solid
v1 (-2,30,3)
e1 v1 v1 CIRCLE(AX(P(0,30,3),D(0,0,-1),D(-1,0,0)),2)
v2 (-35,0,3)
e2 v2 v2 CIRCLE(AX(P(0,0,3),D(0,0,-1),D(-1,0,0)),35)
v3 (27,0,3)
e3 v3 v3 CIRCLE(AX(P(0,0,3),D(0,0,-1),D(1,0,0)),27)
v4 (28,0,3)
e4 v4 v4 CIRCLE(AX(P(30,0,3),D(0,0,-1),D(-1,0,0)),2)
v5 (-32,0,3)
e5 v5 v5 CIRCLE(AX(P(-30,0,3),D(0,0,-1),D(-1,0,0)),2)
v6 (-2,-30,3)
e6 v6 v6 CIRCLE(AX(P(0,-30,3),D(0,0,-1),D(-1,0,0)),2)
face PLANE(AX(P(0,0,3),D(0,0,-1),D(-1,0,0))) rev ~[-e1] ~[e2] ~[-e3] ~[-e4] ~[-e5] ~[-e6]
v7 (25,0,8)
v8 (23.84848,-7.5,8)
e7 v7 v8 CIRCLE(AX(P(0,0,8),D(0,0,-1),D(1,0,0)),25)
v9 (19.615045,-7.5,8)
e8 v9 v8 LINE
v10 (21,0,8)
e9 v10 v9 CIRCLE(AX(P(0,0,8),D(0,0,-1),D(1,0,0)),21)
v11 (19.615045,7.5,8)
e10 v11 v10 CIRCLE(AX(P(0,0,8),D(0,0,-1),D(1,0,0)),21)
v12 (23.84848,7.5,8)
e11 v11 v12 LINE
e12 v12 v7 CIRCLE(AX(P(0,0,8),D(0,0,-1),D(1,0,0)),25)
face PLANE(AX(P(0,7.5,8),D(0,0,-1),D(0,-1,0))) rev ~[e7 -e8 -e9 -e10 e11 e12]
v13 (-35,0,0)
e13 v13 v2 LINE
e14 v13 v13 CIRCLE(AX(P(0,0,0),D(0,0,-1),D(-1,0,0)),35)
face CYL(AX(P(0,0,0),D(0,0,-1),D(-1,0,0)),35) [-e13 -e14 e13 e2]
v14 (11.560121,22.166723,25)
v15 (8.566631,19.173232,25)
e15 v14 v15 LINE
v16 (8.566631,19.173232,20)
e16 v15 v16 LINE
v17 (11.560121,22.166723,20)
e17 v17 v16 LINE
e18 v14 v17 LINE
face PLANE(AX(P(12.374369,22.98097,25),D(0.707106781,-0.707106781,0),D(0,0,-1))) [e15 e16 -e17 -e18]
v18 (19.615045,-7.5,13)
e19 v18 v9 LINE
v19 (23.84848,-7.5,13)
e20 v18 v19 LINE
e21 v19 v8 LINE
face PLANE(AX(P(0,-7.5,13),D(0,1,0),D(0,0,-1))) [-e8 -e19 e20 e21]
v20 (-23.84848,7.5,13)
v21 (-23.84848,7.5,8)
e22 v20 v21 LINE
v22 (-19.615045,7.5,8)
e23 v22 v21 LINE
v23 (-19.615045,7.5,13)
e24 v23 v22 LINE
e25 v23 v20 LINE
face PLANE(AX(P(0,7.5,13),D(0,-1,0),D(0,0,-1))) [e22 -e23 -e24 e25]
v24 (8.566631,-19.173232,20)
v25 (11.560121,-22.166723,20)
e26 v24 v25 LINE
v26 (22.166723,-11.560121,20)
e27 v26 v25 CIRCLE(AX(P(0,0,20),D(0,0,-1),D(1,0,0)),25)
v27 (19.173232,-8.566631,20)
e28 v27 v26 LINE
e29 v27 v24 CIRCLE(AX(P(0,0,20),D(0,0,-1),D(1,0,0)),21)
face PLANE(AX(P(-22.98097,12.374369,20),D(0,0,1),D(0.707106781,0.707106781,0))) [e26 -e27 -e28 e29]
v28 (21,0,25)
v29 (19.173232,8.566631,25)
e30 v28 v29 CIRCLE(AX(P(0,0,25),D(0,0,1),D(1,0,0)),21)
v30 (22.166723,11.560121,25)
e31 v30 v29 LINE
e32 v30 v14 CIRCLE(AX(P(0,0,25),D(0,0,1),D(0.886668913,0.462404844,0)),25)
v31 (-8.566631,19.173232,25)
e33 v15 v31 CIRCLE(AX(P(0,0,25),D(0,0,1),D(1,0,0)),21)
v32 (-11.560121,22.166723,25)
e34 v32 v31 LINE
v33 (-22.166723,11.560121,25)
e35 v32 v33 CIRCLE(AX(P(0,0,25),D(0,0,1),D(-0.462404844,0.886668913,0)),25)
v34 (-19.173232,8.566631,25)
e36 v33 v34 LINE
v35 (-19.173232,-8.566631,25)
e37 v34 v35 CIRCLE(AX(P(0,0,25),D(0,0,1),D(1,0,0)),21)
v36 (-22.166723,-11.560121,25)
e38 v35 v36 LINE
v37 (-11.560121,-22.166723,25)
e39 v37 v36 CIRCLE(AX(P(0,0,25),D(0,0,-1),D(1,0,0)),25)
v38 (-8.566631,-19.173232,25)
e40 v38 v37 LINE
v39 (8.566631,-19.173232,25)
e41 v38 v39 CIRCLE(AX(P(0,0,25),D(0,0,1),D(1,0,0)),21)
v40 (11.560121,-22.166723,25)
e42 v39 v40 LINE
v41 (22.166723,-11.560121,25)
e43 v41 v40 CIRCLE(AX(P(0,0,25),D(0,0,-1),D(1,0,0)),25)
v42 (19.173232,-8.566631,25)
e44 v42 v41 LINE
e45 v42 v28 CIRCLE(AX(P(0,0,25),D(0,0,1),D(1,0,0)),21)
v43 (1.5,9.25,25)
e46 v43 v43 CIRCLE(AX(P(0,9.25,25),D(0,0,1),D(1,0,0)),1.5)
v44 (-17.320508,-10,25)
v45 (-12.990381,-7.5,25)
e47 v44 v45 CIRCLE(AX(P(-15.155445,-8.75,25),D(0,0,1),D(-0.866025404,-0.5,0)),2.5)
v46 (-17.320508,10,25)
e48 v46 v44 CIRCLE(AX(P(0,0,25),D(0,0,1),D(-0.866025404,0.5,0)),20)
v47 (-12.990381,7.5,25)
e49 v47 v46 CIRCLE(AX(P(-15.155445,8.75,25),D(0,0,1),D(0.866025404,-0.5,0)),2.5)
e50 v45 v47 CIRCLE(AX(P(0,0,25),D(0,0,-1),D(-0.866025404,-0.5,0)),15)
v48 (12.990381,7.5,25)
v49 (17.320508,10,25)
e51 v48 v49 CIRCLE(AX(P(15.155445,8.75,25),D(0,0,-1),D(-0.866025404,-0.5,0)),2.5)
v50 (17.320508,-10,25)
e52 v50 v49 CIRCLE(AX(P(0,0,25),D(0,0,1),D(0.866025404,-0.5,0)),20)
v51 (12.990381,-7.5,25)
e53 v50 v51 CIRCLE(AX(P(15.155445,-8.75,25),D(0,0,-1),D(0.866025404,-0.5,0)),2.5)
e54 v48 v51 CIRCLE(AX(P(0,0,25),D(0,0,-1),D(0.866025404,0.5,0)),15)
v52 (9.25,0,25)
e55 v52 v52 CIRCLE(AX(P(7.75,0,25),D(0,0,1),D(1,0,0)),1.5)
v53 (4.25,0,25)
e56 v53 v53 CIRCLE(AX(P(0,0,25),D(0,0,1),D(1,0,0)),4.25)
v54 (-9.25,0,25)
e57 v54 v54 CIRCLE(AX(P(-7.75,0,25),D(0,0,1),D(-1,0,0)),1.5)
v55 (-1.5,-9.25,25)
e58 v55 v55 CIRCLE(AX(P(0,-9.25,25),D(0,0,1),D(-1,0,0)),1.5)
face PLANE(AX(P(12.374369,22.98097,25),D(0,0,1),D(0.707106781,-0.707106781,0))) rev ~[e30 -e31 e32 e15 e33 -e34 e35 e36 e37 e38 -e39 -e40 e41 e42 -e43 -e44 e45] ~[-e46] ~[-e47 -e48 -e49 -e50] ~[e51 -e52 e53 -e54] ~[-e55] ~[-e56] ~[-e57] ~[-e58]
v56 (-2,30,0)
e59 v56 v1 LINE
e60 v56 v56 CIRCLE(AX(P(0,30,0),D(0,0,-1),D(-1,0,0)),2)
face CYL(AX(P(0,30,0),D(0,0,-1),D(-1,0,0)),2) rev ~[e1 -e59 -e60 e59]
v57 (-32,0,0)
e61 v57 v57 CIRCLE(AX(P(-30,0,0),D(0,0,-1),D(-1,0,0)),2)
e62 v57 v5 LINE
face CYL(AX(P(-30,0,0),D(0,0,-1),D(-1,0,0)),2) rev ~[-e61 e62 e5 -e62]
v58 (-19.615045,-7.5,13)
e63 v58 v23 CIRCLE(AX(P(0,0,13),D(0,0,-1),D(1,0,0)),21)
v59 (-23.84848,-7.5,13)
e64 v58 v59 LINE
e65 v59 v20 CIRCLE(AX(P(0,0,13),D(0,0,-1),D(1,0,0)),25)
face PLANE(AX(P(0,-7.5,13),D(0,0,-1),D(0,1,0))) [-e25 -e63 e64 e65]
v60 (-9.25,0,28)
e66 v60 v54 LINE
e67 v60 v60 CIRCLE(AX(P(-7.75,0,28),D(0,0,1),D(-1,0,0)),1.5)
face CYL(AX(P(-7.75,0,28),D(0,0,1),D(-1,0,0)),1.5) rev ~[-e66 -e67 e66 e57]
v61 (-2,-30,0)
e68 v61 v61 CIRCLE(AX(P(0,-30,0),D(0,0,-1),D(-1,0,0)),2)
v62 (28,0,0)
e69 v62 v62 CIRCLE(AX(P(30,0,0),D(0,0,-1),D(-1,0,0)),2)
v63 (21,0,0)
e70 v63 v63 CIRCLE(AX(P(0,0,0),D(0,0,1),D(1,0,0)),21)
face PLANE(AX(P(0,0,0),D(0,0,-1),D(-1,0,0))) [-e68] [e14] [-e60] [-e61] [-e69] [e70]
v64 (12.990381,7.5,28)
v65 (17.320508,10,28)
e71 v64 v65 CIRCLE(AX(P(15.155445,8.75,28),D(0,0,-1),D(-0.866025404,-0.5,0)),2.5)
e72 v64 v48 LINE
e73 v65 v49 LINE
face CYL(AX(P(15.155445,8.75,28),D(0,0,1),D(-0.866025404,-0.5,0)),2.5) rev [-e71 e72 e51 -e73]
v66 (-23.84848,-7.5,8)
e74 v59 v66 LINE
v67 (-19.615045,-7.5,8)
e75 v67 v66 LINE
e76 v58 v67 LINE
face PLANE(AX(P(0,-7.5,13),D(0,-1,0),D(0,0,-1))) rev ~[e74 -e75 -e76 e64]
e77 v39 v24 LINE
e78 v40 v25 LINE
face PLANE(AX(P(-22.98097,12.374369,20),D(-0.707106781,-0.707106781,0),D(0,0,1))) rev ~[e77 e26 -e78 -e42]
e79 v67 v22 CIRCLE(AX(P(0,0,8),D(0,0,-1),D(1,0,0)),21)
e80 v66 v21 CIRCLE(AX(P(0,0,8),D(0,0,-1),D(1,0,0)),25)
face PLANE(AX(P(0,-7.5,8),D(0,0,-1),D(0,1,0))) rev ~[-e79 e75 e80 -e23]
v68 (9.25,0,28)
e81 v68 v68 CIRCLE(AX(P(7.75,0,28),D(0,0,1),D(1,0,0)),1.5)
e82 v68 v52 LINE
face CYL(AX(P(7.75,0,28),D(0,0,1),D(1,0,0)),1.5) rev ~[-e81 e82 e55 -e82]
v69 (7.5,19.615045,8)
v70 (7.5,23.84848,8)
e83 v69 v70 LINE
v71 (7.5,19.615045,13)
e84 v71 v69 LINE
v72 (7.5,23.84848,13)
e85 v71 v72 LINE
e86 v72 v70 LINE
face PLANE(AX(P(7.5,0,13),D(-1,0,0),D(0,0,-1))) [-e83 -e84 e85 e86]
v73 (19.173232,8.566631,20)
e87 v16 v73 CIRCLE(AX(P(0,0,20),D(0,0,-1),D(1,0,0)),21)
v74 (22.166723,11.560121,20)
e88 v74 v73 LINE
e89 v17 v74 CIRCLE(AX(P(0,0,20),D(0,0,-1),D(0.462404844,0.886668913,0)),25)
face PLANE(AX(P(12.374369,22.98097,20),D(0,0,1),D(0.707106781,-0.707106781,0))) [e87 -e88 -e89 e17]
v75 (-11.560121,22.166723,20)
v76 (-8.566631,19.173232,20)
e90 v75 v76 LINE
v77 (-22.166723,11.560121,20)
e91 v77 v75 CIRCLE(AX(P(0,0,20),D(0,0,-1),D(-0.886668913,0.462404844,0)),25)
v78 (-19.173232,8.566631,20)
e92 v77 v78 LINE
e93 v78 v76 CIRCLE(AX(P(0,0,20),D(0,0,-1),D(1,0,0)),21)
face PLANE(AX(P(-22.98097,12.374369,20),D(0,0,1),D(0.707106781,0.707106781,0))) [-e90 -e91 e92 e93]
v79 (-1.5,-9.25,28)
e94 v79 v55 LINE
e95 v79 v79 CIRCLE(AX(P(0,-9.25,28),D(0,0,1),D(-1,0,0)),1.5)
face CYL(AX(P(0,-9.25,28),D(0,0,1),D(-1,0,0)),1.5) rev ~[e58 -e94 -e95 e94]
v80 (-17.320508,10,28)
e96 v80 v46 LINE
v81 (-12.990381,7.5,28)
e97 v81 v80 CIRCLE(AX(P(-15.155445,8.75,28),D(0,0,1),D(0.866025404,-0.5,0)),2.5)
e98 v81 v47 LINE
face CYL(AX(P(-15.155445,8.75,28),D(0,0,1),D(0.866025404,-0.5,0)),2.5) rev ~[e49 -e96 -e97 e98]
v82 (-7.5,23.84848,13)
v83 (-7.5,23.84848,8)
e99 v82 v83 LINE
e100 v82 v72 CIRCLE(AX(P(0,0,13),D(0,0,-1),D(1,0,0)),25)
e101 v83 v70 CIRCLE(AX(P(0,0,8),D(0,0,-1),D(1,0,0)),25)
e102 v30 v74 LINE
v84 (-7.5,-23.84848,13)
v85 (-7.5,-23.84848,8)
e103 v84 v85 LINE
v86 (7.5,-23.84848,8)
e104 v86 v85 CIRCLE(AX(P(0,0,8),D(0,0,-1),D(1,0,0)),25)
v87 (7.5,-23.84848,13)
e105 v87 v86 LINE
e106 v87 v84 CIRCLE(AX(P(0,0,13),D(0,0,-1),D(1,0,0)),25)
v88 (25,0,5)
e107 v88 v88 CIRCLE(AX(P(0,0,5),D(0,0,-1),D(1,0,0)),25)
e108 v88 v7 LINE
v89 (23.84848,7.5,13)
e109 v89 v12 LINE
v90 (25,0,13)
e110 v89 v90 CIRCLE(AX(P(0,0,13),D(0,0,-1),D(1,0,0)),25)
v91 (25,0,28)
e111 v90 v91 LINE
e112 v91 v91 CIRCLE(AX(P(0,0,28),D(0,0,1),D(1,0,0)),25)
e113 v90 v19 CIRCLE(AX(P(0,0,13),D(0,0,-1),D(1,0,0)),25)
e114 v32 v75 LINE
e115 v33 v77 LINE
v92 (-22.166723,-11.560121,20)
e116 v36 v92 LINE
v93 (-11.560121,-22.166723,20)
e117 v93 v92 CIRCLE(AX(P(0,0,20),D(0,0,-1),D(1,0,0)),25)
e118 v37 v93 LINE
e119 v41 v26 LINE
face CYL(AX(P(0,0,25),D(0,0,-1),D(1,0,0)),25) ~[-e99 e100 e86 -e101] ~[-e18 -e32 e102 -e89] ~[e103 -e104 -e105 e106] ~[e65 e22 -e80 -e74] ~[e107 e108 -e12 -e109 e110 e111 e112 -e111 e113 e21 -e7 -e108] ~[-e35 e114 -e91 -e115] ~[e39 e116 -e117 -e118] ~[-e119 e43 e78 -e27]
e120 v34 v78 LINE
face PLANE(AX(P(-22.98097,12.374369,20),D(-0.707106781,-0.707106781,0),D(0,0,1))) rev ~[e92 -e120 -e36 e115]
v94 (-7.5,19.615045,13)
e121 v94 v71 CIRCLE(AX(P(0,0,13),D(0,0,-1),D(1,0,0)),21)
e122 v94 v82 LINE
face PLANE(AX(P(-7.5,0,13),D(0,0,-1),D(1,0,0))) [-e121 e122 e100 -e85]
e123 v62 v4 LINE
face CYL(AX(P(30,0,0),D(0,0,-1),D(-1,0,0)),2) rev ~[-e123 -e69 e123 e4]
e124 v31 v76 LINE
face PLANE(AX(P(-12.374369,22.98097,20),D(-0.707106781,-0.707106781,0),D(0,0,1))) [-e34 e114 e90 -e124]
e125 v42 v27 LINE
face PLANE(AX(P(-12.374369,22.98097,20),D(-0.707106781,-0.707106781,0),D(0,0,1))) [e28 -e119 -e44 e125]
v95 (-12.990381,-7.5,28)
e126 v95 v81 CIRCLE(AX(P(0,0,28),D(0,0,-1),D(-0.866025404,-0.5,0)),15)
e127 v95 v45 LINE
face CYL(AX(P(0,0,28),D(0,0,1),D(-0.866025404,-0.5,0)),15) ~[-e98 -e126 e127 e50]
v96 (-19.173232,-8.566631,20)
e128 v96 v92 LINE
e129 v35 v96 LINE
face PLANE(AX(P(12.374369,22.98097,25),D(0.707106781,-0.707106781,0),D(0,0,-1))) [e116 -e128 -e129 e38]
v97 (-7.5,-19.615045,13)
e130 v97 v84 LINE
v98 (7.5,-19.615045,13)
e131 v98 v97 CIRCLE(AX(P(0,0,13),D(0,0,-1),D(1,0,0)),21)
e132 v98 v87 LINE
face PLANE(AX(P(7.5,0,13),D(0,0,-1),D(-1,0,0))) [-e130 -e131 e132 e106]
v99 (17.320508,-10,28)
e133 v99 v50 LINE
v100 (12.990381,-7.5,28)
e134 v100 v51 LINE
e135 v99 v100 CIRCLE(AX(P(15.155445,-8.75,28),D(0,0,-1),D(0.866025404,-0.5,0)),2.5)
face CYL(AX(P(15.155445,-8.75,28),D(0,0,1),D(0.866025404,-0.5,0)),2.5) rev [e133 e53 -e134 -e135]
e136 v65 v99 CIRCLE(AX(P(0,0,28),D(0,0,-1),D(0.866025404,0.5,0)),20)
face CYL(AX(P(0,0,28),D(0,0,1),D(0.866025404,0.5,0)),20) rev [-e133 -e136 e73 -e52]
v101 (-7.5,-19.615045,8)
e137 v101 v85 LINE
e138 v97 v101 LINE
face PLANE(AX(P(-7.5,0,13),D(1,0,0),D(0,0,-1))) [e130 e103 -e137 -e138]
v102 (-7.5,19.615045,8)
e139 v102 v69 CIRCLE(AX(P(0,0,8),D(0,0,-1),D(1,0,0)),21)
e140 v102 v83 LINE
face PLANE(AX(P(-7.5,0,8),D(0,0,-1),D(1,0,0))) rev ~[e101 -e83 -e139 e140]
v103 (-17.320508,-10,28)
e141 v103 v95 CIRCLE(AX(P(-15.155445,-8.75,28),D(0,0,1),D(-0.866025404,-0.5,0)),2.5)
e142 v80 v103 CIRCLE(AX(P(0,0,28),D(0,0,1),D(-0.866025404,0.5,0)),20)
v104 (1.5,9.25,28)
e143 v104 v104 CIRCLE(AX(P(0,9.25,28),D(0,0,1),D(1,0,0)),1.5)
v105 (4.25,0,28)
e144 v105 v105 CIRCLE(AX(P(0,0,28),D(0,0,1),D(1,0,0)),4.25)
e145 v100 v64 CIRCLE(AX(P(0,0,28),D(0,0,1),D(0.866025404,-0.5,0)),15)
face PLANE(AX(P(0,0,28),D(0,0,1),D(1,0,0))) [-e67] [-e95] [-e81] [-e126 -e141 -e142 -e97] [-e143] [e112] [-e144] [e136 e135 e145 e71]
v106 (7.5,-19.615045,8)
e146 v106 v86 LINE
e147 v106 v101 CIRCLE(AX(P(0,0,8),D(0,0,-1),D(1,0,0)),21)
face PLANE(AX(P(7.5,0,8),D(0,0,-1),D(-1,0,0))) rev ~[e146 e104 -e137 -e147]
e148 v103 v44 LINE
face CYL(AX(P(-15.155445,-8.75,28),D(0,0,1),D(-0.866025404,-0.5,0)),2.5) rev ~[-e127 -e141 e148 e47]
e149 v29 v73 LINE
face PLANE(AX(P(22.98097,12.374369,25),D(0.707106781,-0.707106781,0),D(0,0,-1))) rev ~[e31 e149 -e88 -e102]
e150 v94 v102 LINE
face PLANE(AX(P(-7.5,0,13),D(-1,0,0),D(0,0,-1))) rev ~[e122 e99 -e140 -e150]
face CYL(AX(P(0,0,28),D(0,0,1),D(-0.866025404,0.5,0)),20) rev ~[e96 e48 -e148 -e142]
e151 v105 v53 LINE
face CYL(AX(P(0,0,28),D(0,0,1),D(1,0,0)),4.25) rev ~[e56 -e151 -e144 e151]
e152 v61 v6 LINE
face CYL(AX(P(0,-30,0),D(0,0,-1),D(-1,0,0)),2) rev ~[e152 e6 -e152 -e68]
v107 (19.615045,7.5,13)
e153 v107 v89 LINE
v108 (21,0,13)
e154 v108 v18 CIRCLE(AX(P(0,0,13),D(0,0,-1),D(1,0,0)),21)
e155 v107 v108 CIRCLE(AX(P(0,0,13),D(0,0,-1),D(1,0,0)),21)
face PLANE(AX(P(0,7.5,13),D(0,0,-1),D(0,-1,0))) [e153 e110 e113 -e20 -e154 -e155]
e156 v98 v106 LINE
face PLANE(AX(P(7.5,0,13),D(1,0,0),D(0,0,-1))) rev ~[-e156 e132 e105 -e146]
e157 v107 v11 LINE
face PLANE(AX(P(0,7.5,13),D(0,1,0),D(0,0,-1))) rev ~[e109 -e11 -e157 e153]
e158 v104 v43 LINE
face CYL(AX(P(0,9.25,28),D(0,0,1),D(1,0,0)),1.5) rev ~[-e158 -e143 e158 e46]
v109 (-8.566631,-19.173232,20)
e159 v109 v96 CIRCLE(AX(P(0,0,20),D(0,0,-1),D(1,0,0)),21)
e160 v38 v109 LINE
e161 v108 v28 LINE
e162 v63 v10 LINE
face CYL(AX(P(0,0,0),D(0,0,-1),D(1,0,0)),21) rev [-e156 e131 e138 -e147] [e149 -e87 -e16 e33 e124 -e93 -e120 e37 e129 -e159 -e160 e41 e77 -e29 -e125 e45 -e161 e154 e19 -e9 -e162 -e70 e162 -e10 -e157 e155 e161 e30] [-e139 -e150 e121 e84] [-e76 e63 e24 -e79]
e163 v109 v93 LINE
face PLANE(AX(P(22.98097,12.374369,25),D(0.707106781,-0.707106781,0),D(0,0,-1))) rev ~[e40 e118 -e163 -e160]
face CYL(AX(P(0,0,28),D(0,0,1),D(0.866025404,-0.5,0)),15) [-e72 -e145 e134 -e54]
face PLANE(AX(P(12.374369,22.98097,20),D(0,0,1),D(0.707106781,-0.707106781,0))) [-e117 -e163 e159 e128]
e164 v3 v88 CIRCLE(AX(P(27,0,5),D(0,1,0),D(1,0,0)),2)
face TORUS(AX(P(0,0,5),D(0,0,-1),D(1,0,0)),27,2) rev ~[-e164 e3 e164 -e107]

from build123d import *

# Parameters (mm, degrees)
SKETCH_1_R               = 25
SKETCH_1_R_2             = 21
EXTRUDE_1_DEPTH          = 25
SKETCH_2_R               = 25
EXTRUDE_2_DEPTH          = 3
SKETCH_3_R               = 4.25
SKETCH_3_R_2             = 1.5
CUT_EXTRUDE_1_DEPTH      = 3
CUT_EXTRUDE_2_DEPTH      = 3
SKETCH_6_W               = 15
SKETCH_6_H               = 5
CUT_EXTRUDE_3_DEPTH      = 63
SKETCH_8_W               = 5
SKETCH_8_H               = 15
CUT_EXTRUDE_4_DEPTH      = 63
SKETCH_9_W               = 5
SKETCH_9_H               = 15
CUT_EXTRUDE_5_DEPTH      = 63
PATTERN_CIRCULAR_2_COUNT = 4
SKETCH_10_R              = 35
SKETCH_10_R_2            = 21
EXTRUDE_3_DEPTH          = 3
SKETCH_11_R              = 2
CUT_EXTRUDE_6_DEPTH      = 3
FILLET_1_R               = 2


with BuildPart() as part:
    # 草图1 → 凸台-拉伸1 (new body)
    with BuildSketch(Plane.XY):
        Circle(SKETCH_1_R)
        Circle(SKETCH_1_R_2, mode=Mode.SUBTRACT)
    extrude(amount=EXTRUDE_1_DEPTH)

    # 草图2 → 凸台-拉伸2 (add)
    with BuildSketch(Plane.XY.offset(25)):
        Circle(SKETCH_2_R)
    extrude(amount=EXTRUDE_2_DEPTH)

    # 草图3 → 切除-拉伸1 (cut)
    with BuildSketch(Plane.XY.offset(28)):
        Circle(SKETCH_3_R)
        with Locations((0, 9.25)):
            Circle(SKETCH_3_R_2)
        with Locations((7.75, 0)):
            Circle(SKETCH_3_R_2)
        with Locations(Location((0, -9.25, 0), (0, 0, 180))):
            Circle(SKETCH_3_R_2)
        with Locations(Location((-7.75, 0, 0), (0, 0, 180))):
            Circle(SKETCH_3_R_2)
    extrude(amount=-CUT_EXTRUDE_1_DEPTH, mode=Mode.SUBTRACT)

    # 草图4 → 切除-拉伸2 (cut)
    with BuildSketch(Plane.XY.offset(28)):
        with BuildLine():
            ThreePointArc((-17.320508076, 10), (-20, 0), (-17.320508076, -10))
            ThreePointArc((-17.320508076, -10), (-13.905444566, -10.915063509), (-12.990381057, -7.5))
            ThreePointArc((-12.990381057, -7.5), (-15, 0), (-12.990381057, 7.5))
            ThreePointArc((-12.990381057, 7.5), (-13.905444566, 10.915063509), (-17.320508076, 10))
        make_face()
        with BuildLine():
            ThreePointArc((17.320508076, 10), (20, 0), (17.320508076, -10))
            ThreePointArc((17.320508076, -10), (13.905444566, -10.915063509), (12.990381057, -7.5))
            ThreePointArc((12.990381057, -7.5), (15, 0), (12.990381057, 7.5))
            ThreePointArc((12.990381057, 7.5), (13.905444566, 10.915063509), (17.320508076, 10))
        make_face()
    extrude(amount=-CUT_EXTRUDE_2_DEPTH, mode=Mode.SUBTRACT)

    # 草图6 → 切除-拉伸3 (cut)
    with BuildSketch(Plane(origin=(17.67766953, 17.67766953, 28), x_dir=(0.7071067811865488, -0.7071067811865464, 0), z_dir=(0.7071067811865464, 0.7071067811865488, 0))):
        with Locations((0, 5.5)):
            Rectangle(SKETCH_6_W, SKETCH_6_H)
    extrude(amount=-CUT_EXTRUDE_3_DEPTH, mode=Mode.SUBTRACT)

    # 草图8 → 切除-拉伸4 (cut)
    with BuildSketch(Plane(origin=(-17.67766953, 17.67766953, 28), x_dir=(0, 0, 1), z_dir=(-0.7071067811865517, 0.7071067811865435, 0))):
        with Locations((-5.5, 0)):
            Rectangle(SKETCH_8_W, SKETCH_8_H)
    extrude(amount=-CUT_EXTRUDE_4_DEPTH, mode=Mode.SUBTRACT)

    # 草图9 → 切除-拉伸5 (cut)
    with BuildSketch(Plane(origin=(0, 0, 0), x_dir=(0, 0, -1), z_dir=(1, 0, 0))):
        with Locations((-10.5, 0)):
            Rectangle(SKETCH_9_W, SKETCH_9_H)
    cut_extrude_5 = extrude(amount=-CUT_EXTRUDE_5_DEPTH, mode=Mode.SUBTRACT)

    # 阵列(圆周)2: 切除-拉伸5 ×4 about axis
    pattern_circular_2_axis = Axis((0, 0, 0), (0, 0, 1))
    for i in range(1, PATTERN_CIRCULAR_2_COUNT):
        add(cut_extrude_5.rotate(pattern_circular_2_axis, i * 360 / PATTERN_CIRCULAR_2_COUNT), mode=Mode.SUBTRACT)

    # 草图10 → 凸台-拉伸3 (add)
    with BuildSketch(Plane(origin=(0, 0, 0), x_dir=(-1, 0, 0), z_dir=(0, 0, -1))):
        Circle(SKETCH_10_R)
        with Locations(Location((0, 0, 0), (0, 0, 24.075167572))):
            Circle(SKETCH_10_R_2, mode=Mode.SUBTRACT)
    extrude(amount=-EXTRUDE_3_DEPTH)

    # 草图11 → 切除-拉伸6 (cut)
    with BuildSketch(Plane(origin=(0, 0, 0), x_dir=(-1, 0, 0), z_dir=(0, 0, -1))):
        with Locations((0, 30)):
            Circle(SKETCH_11_R)
        with Locations((30, 0)):
            Circle(SKETCH_11_R)
        with Locations((0, -30)):
            Circle(SKETCH_11_R)
        with Locations((-30, 0)):
            Circle(SKETCH_11_R)
    extrude(amount=-CUT_EXTRUDE_6_DEPTH, mode=Mode.SUBTRACT)

    # 圆角1
    fillet_1_edges = [part.edges().sort_by_distance(p)[0] for p in [
        (-25, 0, 3),
    ]]
    fillet(fillet_1_edges, radius=FILLET_1_R)


solid = part.part
